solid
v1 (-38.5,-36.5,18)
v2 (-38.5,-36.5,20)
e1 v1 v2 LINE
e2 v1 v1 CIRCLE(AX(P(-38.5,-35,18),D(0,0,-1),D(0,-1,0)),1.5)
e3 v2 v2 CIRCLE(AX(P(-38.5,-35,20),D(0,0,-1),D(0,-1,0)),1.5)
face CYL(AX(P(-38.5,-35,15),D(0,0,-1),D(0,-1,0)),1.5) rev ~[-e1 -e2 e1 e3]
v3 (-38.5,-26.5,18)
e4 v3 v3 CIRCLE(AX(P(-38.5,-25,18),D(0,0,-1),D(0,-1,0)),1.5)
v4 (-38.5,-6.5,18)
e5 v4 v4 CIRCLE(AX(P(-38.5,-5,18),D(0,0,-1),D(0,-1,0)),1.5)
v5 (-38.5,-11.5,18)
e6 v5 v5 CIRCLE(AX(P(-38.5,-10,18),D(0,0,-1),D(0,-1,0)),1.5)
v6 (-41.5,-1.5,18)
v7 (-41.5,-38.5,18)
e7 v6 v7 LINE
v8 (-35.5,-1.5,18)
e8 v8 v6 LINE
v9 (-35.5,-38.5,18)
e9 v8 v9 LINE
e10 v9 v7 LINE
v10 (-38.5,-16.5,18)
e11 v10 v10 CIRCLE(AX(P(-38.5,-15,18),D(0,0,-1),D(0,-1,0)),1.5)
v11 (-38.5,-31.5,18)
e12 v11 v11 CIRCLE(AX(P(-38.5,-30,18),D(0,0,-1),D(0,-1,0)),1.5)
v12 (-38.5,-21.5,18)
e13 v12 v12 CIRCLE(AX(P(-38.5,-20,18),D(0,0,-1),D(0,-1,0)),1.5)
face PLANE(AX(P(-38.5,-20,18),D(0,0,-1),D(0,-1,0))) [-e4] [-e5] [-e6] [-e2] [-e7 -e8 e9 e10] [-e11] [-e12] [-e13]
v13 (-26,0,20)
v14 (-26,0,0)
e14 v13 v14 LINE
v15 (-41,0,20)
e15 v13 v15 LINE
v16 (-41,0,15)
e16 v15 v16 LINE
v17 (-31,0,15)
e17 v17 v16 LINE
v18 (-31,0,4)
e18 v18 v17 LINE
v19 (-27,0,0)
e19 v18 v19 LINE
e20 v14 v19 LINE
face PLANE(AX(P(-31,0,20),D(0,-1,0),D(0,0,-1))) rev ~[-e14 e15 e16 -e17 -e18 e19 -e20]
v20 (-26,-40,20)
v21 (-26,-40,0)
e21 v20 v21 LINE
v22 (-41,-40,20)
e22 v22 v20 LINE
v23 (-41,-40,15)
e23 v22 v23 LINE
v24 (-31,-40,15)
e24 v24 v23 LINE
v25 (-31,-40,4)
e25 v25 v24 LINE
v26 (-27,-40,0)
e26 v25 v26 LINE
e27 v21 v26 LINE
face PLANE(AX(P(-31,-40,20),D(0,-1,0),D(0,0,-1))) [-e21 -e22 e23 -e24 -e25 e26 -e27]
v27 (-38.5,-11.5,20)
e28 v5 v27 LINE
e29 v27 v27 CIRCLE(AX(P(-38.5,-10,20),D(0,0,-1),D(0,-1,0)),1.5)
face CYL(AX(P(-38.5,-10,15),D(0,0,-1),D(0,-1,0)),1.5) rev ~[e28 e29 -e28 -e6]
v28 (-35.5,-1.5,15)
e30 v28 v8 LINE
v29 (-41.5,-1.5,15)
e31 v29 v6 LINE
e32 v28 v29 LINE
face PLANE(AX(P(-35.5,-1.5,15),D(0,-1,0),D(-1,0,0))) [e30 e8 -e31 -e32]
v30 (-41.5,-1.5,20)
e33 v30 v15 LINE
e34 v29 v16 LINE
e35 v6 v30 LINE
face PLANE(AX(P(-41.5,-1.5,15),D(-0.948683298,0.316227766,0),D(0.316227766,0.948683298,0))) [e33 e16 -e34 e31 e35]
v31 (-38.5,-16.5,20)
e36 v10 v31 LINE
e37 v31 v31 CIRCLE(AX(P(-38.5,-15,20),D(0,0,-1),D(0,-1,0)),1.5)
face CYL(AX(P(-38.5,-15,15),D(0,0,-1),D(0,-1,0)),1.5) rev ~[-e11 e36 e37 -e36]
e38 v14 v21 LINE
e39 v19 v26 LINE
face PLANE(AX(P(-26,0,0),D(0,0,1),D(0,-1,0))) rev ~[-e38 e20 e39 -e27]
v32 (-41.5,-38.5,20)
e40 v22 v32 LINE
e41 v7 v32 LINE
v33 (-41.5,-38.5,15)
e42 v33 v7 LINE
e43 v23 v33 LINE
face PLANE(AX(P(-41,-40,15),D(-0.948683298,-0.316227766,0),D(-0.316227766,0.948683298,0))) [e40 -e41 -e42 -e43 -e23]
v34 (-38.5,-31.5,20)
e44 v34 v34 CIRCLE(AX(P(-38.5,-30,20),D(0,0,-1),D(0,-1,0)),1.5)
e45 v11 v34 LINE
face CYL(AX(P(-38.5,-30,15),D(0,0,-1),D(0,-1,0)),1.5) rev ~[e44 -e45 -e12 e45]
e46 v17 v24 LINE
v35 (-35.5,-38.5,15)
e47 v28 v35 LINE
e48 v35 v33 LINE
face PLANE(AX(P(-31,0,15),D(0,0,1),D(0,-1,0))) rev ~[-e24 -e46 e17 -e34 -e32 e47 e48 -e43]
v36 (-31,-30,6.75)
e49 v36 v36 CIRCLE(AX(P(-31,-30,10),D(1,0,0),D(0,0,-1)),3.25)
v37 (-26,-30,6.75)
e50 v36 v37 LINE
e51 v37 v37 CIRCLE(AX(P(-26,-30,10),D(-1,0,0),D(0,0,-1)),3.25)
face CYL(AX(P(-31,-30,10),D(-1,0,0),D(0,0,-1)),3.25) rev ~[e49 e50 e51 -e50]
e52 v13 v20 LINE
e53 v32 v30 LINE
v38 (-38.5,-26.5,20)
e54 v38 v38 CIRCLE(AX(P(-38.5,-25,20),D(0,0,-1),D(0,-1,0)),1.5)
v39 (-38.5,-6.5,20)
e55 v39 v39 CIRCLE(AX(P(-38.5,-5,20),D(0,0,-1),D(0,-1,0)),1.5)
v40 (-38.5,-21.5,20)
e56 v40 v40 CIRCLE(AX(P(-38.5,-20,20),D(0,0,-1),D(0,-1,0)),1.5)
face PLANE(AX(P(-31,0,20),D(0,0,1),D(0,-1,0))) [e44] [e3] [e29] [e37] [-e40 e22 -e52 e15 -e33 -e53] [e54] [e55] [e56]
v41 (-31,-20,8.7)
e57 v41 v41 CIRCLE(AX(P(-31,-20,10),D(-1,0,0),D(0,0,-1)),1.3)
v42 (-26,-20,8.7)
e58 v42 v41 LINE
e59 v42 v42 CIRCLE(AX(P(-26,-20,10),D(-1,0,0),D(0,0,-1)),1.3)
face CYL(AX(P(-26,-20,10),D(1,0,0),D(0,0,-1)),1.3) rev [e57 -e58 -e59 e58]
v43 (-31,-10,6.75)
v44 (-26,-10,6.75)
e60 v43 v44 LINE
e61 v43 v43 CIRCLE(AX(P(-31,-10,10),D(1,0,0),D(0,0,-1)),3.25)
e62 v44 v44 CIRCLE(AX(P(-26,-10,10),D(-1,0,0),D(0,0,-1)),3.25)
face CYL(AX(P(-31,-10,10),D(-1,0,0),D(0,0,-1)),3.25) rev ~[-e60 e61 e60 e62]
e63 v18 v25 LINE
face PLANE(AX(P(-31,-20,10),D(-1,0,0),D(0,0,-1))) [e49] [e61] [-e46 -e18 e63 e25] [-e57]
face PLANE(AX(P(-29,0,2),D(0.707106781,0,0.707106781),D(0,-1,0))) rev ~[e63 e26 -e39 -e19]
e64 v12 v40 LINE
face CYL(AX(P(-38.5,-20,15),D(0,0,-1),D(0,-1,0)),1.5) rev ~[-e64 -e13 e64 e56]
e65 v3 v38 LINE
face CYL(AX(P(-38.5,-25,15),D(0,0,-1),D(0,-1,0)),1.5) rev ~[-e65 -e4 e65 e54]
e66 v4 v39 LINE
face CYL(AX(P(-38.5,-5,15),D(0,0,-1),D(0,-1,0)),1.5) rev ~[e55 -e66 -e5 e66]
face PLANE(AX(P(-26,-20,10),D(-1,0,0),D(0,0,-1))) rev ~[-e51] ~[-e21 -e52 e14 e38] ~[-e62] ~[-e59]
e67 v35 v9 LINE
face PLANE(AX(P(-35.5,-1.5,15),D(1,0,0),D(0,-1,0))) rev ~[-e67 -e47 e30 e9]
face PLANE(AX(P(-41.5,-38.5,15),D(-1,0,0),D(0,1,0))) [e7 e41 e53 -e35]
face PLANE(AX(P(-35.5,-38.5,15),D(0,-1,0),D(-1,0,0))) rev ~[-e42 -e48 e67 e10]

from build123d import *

# Parameters (mm, degrees)
SKETCH008_W     = 20
SKETCH008_H     = 40
SKETCH008_R     = 2.75
SKETCH008_R_2   = 1.3
PAD004_DEPTH    = 5
SKETCH009_W     = 5
SKETCH009_H     = 40
PAD005_DEPTH    = 15
SKETCH010_R     = 1.5
POCKET004_DEPTH = 5.001
SKETCH011_W     = 37
SKETCH011_H     = 6
POCKET005_DEPTH = 3
CHAMFER007_SIZE = 2
CHAMFER008_SIZE = 4
CHAMFER009_SIZE = 5
POCKET007_DEPTH = 5
SKETCH018_R     = 3.25
POCKET011_DEPTH = 7
SKETCH019_W     = 2
SKETCH019_H     = 2
POCKET012_DEPTH = 40.001


with BuildPart() as part:
    # Sketch008 (on DatumPlane) → Pad004 (new body)
    with BuildSketch(Plane(origin=(-5, 0, 20), x_dir=(0, 0, -1), z_dir=(-1, 0, 0))):
        with Locations((10, 20)):
            Rectangle(SKETCH008_W, SKETCH008_H)
        with Locations((10, 30)):
            Circle(SKETCH008_R, mode=Mode.SUBTRACT)
        with Locations((10, 10)):
            Circle(SKETCH008_R, mode=Mode.SUBTRACT)
        with Locations((10, 20)):
            Circle(SKETCH008_R_2, mode=Mode.SUBTRACT)
    extrude(amount=PAD004_DEPTH)

    # Sketch009 (on Face9 of Pad004) → Pad005 (join)
    with BuildSketch(Plane(origin=(-10, 0, 20), x_dir=(0, 0, -1), z_dir=(-1, 0, 0))):
        with Locations((2.5, 20)):
            Rectangle(SKETCH009_W, SKETCH009_H)
    extrude(amount=PAD005_DEPTH)

    # Sketch010 (on Face7 of Pad005) → Pocket004 (cut, through all)
    with BuildSketch(Plane(origin=(-5, 0, 15), x_dir=(0, -1, 0), z_dir=(0, 0, -1))):
        with Locations((5, 12.5)):
            Circle(SKETCH010_R)
        with Locations((10, 12.5)):
            Circle(SKETCH010_R)
        with Locations((15, 12.5)):
            Circle(SKETCH010_R)
        with Locations((20, 12.5)):
            Circle(SKETCH010_R)
        with Locations((25, 12.5)):
            Circle(SKETCH010_R)
        with Locations((30, 12.5)):
            Circle(SKETCH010_R)
        with Locations((35, 12.5)):
            Circle(SKETCH010_R)
    extrude(amount=-POCKET004_DEPTH, mode=Mode.SUBTRACT)

    # Sketch011 (on Face18 of Pocket004) → Pocket005 (cut)
    with BuildSketch(Plane(origin=(-5, 0, 15), x_dir=(0, -1, 0), z_dir=(0, 0, -1))):
        with Locations((20, 12.5)):
            Rectangle(SKETCH011_W, SKETCH011_H)
    extrude(amount=-POCKET005_DEPTH, mode=Mode.SUBTRACT)

    # Chamfer007
    chamfer007_edges = [part.edges().sort_by_distance(p)[0] for p in [
        (-10, -20, 15),
    ]]
    chamfer(chamfer007_edges, length=CHAMFER007_SIZE)

    # Chamfer008
    chamfer008_edges = [part.edges().sort_by_distance(p)[0] for p in [
        (-10, -20, 0),
    ]]
    chamfer(chamfer008_edges, length=CHAMFER008_SIZE)

    # Chamfer009
    chamfer009_edges = [part.edges().sort_by_distance(p)[0] for p in [
        (-25, 0, 17.5),
        (-25, -40, 17.5),
    ]]
    chamfer(chamfer009_edges, length=CHAMFER009_SIZE)

    # Sketch012 (on Face2 of Chamfer009) → Pocket007 (cut)
    with BuildSketch(Plane(origin=(-5, 0, 15), x_dir=(0, -1, 0), z_dir=(0, 0, -1))):
        Polygon((0, 15), (5, 20), (35, 20), (40, 15), (38.5, 15.5), (1.5, 15.5), align=None)
    extrude(amount=-POCKET007_DEPTH, mode=Mode.SUBTRACT)

    # Sketch018 (on Face6 of Pocket007) → Pocket011 (cut)
    with BuildSketch(Plane(origin=(-10, 0, 20), x_dir=(0, 0, -1), z_dir=(-1, 0, 0))):
        with Locations((10, 30)):
            Circle(SKETCH018_R)
        with Locations((10, 10)):
            Circle(SKETCH018_R)
    extrude(amount=-POCKET011_DEPTH, mode=Mode.SUBTRACT)

    # Sketch019 (on Face1 of Pocket011) → Pocket012 (cut, through all)
    with BuildSketch(Plane(origin=(-5, 0, 20), x_dir=(0, 0, -1), z_dir=(0, 1, 0))):
        with Locations((6, 6)):
            Rectangle(SKETCH019_W, SKETCH019_H)
    extrude(amount=-POCKET012_DEPTH, mode=Mode.SUBTRACT)


with BuildPart() as part_1:
    # Body003 placement: moved
    add(part.part.moved(Location((-21, 0, 0))))


solid = part_1.part
